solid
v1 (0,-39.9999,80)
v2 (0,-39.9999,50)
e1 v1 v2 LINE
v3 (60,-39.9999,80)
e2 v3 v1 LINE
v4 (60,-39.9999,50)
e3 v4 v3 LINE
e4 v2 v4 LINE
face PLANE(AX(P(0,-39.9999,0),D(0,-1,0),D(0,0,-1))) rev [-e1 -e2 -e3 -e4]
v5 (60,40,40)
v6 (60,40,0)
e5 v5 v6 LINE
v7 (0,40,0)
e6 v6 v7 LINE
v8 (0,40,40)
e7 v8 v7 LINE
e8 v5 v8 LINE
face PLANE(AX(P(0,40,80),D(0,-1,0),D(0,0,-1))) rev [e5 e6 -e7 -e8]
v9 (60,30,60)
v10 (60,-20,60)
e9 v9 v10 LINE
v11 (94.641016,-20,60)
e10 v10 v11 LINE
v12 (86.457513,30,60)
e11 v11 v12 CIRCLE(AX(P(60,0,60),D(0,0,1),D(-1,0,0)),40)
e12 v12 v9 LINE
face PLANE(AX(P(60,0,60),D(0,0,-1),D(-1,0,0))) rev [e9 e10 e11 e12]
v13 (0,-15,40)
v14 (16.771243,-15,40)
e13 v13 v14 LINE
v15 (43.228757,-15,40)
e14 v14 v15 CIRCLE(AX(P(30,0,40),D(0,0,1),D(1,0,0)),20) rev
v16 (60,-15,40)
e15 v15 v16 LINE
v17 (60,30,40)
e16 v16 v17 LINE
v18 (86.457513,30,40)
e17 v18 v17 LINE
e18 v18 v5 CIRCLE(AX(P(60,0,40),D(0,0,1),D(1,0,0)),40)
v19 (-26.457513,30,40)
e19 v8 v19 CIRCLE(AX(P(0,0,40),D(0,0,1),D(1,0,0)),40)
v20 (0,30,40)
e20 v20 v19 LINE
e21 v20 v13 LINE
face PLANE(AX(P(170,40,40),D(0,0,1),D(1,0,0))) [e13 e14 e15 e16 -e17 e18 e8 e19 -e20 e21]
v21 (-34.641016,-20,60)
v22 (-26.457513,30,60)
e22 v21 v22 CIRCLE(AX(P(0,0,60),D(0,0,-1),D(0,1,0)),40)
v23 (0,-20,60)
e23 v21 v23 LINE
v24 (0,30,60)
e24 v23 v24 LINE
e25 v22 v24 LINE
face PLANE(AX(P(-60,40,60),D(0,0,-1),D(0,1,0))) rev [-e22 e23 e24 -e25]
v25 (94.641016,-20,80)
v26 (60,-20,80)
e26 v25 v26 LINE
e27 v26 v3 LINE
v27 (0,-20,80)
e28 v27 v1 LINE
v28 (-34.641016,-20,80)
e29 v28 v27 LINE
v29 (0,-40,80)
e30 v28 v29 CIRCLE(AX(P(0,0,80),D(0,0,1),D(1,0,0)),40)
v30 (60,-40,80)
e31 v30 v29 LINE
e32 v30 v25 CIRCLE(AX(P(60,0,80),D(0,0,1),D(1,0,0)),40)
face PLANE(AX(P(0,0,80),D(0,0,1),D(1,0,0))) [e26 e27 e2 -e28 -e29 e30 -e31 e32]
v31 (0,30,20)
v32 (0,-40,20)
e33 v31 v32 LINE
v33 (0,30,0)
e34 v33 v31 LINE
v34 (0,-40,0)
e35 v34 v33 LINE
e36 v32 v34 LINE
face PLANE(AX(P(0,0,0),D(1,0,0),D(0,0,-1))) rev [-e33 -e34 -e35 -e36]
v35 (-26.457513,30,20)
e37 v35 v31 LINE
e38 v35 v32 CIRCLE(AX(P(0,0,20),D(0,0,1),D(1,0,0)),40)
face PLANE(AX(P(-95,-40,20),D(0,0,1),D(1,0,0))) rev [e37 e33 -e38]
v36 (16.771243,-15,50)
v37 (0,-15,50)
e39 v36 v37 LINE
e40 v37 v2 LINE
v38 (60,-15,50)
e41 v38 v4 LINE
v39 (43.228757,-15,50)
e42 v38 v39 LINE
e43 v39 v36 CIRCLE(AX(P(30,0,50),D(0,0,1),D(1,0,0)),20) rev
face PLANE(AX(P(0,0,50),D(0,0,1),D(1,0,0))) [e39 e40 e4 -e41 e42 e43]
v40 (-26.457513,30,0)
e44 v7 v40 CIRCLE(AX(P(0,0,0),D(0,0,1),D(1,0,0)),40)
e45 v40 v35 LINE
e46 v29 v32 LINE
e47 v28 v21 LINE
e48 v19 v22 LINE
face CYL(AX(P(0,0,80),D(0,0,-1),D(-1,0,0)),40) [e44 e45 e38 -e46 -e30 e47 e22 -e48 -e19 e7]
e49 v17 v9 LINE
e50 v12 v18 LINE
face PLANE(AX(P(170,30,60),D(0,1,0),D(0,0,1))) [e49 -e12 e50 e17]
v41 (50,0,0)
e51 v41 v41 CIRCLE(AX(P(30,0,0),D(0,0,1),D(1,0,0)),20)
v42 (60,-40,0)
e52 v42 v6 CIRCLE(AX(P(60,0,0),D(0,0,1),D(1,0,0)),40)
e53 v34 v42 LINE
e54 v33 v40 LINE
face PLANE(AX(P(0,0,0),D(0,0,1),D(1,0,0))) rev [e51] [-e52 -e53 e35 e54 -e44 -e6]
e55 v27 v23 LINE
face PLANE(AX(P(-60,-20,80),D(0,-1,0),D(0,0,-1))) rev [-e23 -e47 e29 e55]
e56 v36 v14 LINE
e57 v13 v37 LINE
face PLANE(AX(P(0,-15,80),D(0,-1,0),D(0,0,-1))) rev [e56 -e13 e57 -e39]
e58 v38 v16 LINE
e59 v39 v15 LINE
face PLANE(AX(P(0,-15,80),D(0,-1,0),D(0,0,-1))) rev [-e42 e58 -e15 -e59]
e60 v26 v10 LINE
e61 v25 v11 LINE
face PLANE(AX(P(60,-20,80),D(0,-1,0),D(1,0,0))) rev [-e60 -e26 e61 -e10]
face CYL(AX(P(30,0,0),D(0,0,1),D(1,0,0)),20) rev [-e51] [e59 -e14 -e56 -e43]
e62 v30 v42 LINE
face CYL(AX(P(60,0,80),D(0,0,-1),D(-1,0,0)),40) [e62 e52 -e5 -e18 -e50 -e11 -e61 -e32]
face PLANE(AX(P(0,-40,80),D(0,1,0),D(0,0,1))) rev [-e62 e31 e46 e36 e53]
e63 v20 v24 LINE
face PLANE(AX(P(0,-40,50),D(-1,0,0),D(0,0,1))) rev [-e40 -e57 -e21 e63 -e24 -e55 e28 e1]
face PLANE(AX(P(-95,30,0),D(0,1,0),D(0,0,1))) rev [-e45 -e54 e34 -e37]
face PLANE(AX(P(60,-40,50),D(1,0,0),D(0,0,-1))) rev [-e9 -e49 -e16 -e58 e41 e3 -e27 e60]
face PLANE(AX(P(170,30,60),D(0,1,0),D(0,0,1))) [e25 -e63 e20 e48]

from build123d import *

# Parameters (mm, degrees)
BOSS_EXTRUDE1_DEPTH     = 80
SKETCH2_R               = 20
CUT_EXTRUDE1_DEPTH      = 80
CUT_EXTRUDE3_DEPTH      = 170
CUT_EXTRUDE3_DEPTH_BACK = 60
SKETCH4_W               = 20
SKETCH4_H               = 60
CUT_EXTRUDE4_DEPTH      = 170
CUT_EXTRUDE4_DEPTH_BACK = 170
SKETCH5_W               = 20
SKETCH5_H               = 10
SKETCH6_W               = 60
SKETCH6_H               = 25
CUT_EXTRUDE5_DEPTH      = 30
SKETCH7_W               = 60
SKETCH7_H               = 10
CUT_EXTRUDE6_DEPTH      = 62
SKETCH8_W               = 60
SKETCH8_H               = 25
BOSS_EXTRUDE2_DEPTH     = 30
CUT_EXTRUDE7_START      = -30
CUT_EXTRUDE7_DEPTH      = 30
CUT_EXTRUDE8_START      = -30
CUT_EXTRUDE8_DEPTH      = 30
CUT_EXTRUDE9_DEPTH      = 10
BOSS_EXTRUDE3_DEPTH     = 10
BOSS_EXTRUDE4_DEPTH     = 20
SKETCH18_W              = 37.195082215
SKETCH18_H              = 5
CUT_EXTRUDE23_DEPTH     = 20
CUT_EXTRUDE25_DEPTH     = 30
SKETCH21_W              = 30
SKETCH21_H              = 25.000260328
CUT_EXTRUDE31_DEPTH     = 30
CUT_EXTRUDE32_DEPTH     = 30
SKETCH26_W              = 10
SKETCH26_H              = 5.000052065
CUT_EXTRUDE33_DEPTH     = 57
SKETCH29_W              = 34.732287975
SKETCH29_H              = 30
CUT_EXTRUDE37_DEPTH     = 57
SKETCH30_W              = 34.732287975
SKETCH30_H              = 10
CUT_EXTRUDE38_DEPTH     = 57
SKETCH31_W              = 10
SKETCH31_H              = 0.158503964
CUT_EXTRUDE39_DEPTH     = 57
SKETCH32_W              = 0.091268964
SKETCH32_H              = 10
CUT_EXTRUDE40_DEPTH     = 57
BOSS_EXTRUDE6_DEPTH     = 30
BOSS_EXTRUDE7_DEPTH     = 10
SKETCH37_W              = 20
SKETCH37_H              = 70
CUT_EXTRUDE47_DEPTH     = 68
SKETCH45_W              = 60
SKETCH45_H              = 30
BOSS_EXTRUDE10_DEPTH    = 0.0001
BOSS_EXTRUDE11_START    = 20
BOSS_EXTRUDE11_DEPTH    = 20
SKETCH49_W              = 20
SKETCH49_H              = 70
CUT_EXTRUDE54_DEPTH     = 95


with BuildPart() as part:
    # Sketch1 → Boss-Extrude1 (new body)
    with BuildSketch(Plane.XY):
        with BuildLine():
            Line((0, 40), (60, 40))
            ThreePointArc((60, 40), (100, 0), (60, -40))
            Line((60, -40), (0, -40))
            ThreePointArc((0, -40), (-40, 0), (0, 40))
        make_face()
    extrude(amount=BOSS_EXTRUDE1_DEPTH)

    # Sketch2 → Cut-Extrude1 (cut)
    with BuildSketch(Plane.XY.offset(80)):
        with Locations((30, 0)):
            Circle(SKETCH2_R)
    extrude(amount=-CUT_EXTRUDE1_DEPTH, mode=Mode.SUBTRACT)

    # Sketch4 → Cut-Extrude3 (cut, two sides: drawn at the far end of the back side and taken through both)
    with BuildSketch(Plane(origin=(0, 0, 0), x_dir=(0, 0, -1), z_dir=(1, 0, 0)).offset(-CUT_EXTRUDE3_DEPTH_BACK)):
        with Locations((-70, 10)):
            Rectangle(SKETCH4_W, SKETCH4_H)
    extrude(amount=CUT_EXTRUDE3_DEPTH + CUT_EXTRUDE3_DEPTH_BACK, mode=Mode.SUBTRACT)

    # Sketch5 → Cut-Extrude4 (cut, two sides: drawn at the far end of the back side and taken through both)
    with BuildSketch(Plane(origin=(0, 0, 0), x_dir=(0, 0, -1), z_dir=(1, 0, 0)).offset(-CUT_EXTRUDE4_DEPTH_BACK)):
        with Locations((-50, 35)):
            Rectangle(SKETCH5_W, SKETCH5_H)
    extrude(amount=CUT_EXTRUDE4_DEPTH + CUT_EXTRUDE4_DEPTH_BACK, mode=Mode.SUBTRACT)

    # Sketch6 → Cut-Extrude5 (cut)
    with BuildSketch(Plane.XY.offset(80)):
        with Locations((30, -27.5)):
            Rectangle(SKETCH6_W, SKETCH6_H)
    extrude(amount=-CUT_EXTRUDE5_DEPTH, mode=Mode.SUBTRACT)

    # Sketch7 → Cut-Extrude6 (cut)
    with BuildSketch(Plane.XZ.offset(15)):
        with Locations((30, 55)):
            Rectangle(SKETCH7_W, SKETCH7_H)
    extrude(amount=-CUT_EXTRUDE6_DEPTH, mode=Mode.SUBTRACT)

    # Sketch8 → Boss-Extrude2 (add)
    with BuildSketch(Plane.XY.offset(50)):
        with Locations((30, -27.5)):
            Rectangle(SKETCH8_W, SKETCH8_H)
    extrude(amount=BOSS_EXTRUDE2_DEPTH)

    # Sketch9 → Cut-Extrude7 (cut)
    with BuildSketch(Plane(origin=(0, 0, 50), x_dir=(-1, 0, 0), z_dir=(0, 0, -1)).offset(CUT_EXTRUDE7_START)):
        with BuildLine():
            Line((-43.228756555, -15), (-16.771243445, -15))
            ThreePointArc((-16.771243445, -15), (-30, -20), (-43.228756555, -15))
        make_face()
    extrude(amount=CUT_EXTRUDE7_DEPTH, mode=Mode.SUBTRACT)

    # Sketch10 → Cut-Extrude8 (cut)
    with BuildSketch(Plane.XY.offset(80).offset(CUT_EXTRUDE8_START)):
        with BuildLine():
            Line((60, -20), (60, -40))
            ThreePointArc((60, -40), (80, -34.641016151), (94.641016151, -20))
            Line((94.641016151, -20), (60, -20))
        make_face()
    extrude(amount=CUT_EXTRUDE8_DEPTH, mode=Mode.SUBTRACT)

    # Sketch11 → Cut-Extrude9 (cut)
    with BuildSketch(Plane.XY.offset(50)):
        with BuildLine():
            Line((60, 30), (0, 30))
            Line((0, 30), (0, -15))
            Line((0, -15), (16.771243445, -15))
            ThreePointArc((16.771243445, -15), (30, 20), (43.228756555, -15))
            Line((43.228756555, -15), (60, -15))
            Line((60, -15), (60, 30))
        make_face()
    extrude(amount=-CUT_EXTRUDE9_DEPTH, mode=Mode.SUBTRACT)

    # Sketch12 → Boss-Extrude3 (add)
    with BuildSketch(Plane.XY.offset(50)):
        with BuildLine():
            Line((60, -20), (94.641016151, -20))
            ThreePointArc((94.641016151, -20), (80, -34.641016151), (60, -40))
            Line((60, -40), (60, -20))
        make_face()
    extrude(amount=BOSS_EXTRUDE3_DEPTH)

    # Sketch17 → Boss-Extrude4 (add)
    with BuildSketch(Plane.XY.offset(60)):
        with BuildLine():
            Line((97.080992435, -15), (60, -15))
            Line((60, -15), (60, -40))
            ThreePointArc((60, -40), (82.360679775, -33.166247904), (97.080992435, -15))
        make_face()
    extrude(amount=BOSS_EXTRUDE4_DEPTH)

    # Sketch18 → Cut-Extrude23 (cut)
    with BuildSketch(Plane.XY.offset(80)):
        with Locations((78.483451328, -17.5)):
            Rectangle(SKETCH18_W, SKETCH18_H)
    extrude(amount=-CUT_EXTRUDE23_DEPTH, mode=Mode.SUBTRACT)

    # Sketch19 → Cut-Extrude25 (cut)
    with BuildSketch(Plane.XY.offset(80)):
        with BuildLine():
            Line((16.771243445, -15), (0, -15))
            Line((0, -15), (0, -20))
            Line((0, -20), (0, -40))
            Line((0, -40), (60, -40))
            Line((60, -40), (59.908728176, -20))
            Line((59.908728176, -20), (59.88591022, -20))
            Line((59.88591022, -20), (59.88591022, -15))
            Line((59.88591022, -15), (43.228756555, -15))
            ThreePointArc((43.228756555, -15), (30, -20), (16.771243445, -15))
        make_face()
    extrude(amount=-CUT_EXTRUDE25_DEPTH, mode=Mode.SUBTRACT)

    # Sketch21 → Cut-Extrude31 (cut)
    with BuildSketch(Plane(origin=(59.816210597, 0.272976733, 0), x_dir=(0, 0, 1), z_dir=(-0.999989586980257, -0.004563543694874004, 0))):
        with Locations((65, -27.773265937)):
            Rectangle(SKETCH21_W, SKETCH21_H)
    extrude(amount=CUT_EXTRUDE31_DEPTH, mode=Mode.SUBTRACT)

    # Sketch24 → Cut-Extrude32 (cut)
    with BuildSketch(Plane.XY.offset(50)):
        with BuildLine():
            Line((59.88591022, -15), (97.080992435, -15))
            ThreePointArc((97.080992435, -15), (98.92976522, 9.1909401), (86.456775103, 30.000650845))
            Line((86.456775103, 30.000650845), (59.88591022, 30.000650845))
            Line((59.88591022, 30.000650845), (59.88591022, -15))
        make_face()
    extrude(amount=CUT_EXTRUDE32_DEPTH, mode=Mode.SUBTRACT)

    # Sketch26 → Cut-Extrude33 (cut)
    with BuildSketch(Plane(origin=(59.816210597, 0.272976733, 0), x_dir=(0, 0, 1), z_dir=(-0.9999895869802571, -0.0045635436948740045, 0))):
        with Locations((55, -17.773161806)):
            Rectangle(SKETCH26_W, SKETCH26_H)
    extrude(amount=-CUT_EXTRUDE33_DEPTH, mode=Mode.SUBTRACT)

    # Sketch29 → Cut-Extrude37 (cut)
    with BuildSketch(Plane(origin=(0, -20, 0), x_dir=(1, 0, 0), z_dir=(0, 1, 0))):
        with Locations((77.274872164, -65)):
            Rectangle(SKETCH29_W, SKETCH29_H)
    extrude(amount=-CUT_EXTRUDE37_DEPTH, mode=Mode.SUBTRACT)

    # Sketch30 → Cut-Extrude38 (cut)
    with BuildSketch(Plane.XZ.offset(20)):
        with Locations((77.274872164, 55)):
            Rectangle(SKETCH30_W, SKETCH30_H)
    extrude(amount=-CUT_EXTRUDE38_DEPTH, mode=Mode.SUBTRACT)

    # Sketch31 → Cut-Extrude39 (cut)
    with BuildSketch(Plane.ZY.offset(-94.641016151)):
        with Locations((55, -19.920748018)):
            Rectangle(SKETCH31_W, SKETCH31_H)
    extrude(amount=-CUT_EXTRUDE39_DEPTH, mode=Mode.SUBTRACT)

    # Sketch32 → Cut-Extrude40 (cut)
    with BuildSketch(Plane(origin=(0.092517579, -20.272976733, 0), x_dir=(0.9999895869802571, 0.0045635436948740045, 0), z_dir=(-0.004563543694874004, 0.999989586980257, 0))):
        with Locations((94.5951176, -55)):
            Rectangle(SKETCH32_W, SKETCH32_H)
    extrude(amount=-CUT_EXTRUDE40_DEPTH, mode=Mode.SUBTRACT)

    # Sketch33 → Boss-Extrude6 (add)
    with BuildSketch(Plane.XY.offset(50)):
        with BuildLine():
            Line((60, -20), (60, -40))
            ThreePointArc((60, -40), (80, -34.641016151), (94.641016151, -20))
            Line((94.641016151, -20), (60, -20))
        make_face()
    extrude(amount=BOSS_EXTRUDE6_DEPTH)

    # Sketch34 → Boss-Extrude7 (add)
    with BuildSketch(Plane.XY.offset(50)):
        with BuildLine():
            Line((60, 30), (60, -20))
            Line((60, -20), (94.641016151, -20))
            ThreePointArc((94.641016151, -20), (99.474771304, 6.46083822), (86.457513111, 30))
            Line((86.457513111, 30), (60, 30))
        make_face()
    extrude(amount=BOSS_EXTRUDE7_DEPTH)

    # Sketch37 → Cut-Extrude47 (cut)
    with BuildSketch(Plane(origin=(0, 0, 0), x_dir=(0, 0, -1), z_dir=(1, 0, 0))):
        with Locations((-10, -5)):
            Rectangle(SKETCH37_W, SKETCH37_H)
    extrude(amount=-CUT_EXTRUDE47_DEPTH, mode=Mode.SUBTRACT)

    # Sketch45 → Boss-Extrude10 (add)
    with BuildSketch(Plane(origin=(0, -40, 0), x_dir=(-1, 0, 0), z_dir=(0, -1, 0))):
        with Locations((-30, -65)):
            Rectangle(SKETCH45_W, SKETCH45_H)
    extrude(amount=-BOSS_EXTRUDE10_DEPTH)

    # Sketch46 → Boss-Extrude11 (add)
    with BuildSketch(Plane(origin=(0, 0, 20), x_dir=(-1, 0, 0), z_dir=(0, 0, -1)).offset(BOSS_EXTRUDE11_START)):
        with BuildLine():
            Line((26.457513111, 30), (0, 30))
            Line((0, 30), (0, -40))
            ThreePointArc((0, -40), (37.416573868, -14.142135624), (26.457513111, 30))
        make_face()
    extrude(amount=-BOSS_EXTRUDE11_DEPTH)

    # Sketch49 → Cut-Extrude54 (cut)
    with BuildSketch(Plane(origin=(0, 0, 0), x_dir=(0, 0, -1), z_dir=(1, 0, 0))):
        with Locations((-10, -5)):
            Rectangle(SKETCH49_W, SKETCH49_H)
    extrude(amount=-CUT_EXTRUDE54_DEPTH, mode=Mode.SUBTRACT)


solid = part.part
